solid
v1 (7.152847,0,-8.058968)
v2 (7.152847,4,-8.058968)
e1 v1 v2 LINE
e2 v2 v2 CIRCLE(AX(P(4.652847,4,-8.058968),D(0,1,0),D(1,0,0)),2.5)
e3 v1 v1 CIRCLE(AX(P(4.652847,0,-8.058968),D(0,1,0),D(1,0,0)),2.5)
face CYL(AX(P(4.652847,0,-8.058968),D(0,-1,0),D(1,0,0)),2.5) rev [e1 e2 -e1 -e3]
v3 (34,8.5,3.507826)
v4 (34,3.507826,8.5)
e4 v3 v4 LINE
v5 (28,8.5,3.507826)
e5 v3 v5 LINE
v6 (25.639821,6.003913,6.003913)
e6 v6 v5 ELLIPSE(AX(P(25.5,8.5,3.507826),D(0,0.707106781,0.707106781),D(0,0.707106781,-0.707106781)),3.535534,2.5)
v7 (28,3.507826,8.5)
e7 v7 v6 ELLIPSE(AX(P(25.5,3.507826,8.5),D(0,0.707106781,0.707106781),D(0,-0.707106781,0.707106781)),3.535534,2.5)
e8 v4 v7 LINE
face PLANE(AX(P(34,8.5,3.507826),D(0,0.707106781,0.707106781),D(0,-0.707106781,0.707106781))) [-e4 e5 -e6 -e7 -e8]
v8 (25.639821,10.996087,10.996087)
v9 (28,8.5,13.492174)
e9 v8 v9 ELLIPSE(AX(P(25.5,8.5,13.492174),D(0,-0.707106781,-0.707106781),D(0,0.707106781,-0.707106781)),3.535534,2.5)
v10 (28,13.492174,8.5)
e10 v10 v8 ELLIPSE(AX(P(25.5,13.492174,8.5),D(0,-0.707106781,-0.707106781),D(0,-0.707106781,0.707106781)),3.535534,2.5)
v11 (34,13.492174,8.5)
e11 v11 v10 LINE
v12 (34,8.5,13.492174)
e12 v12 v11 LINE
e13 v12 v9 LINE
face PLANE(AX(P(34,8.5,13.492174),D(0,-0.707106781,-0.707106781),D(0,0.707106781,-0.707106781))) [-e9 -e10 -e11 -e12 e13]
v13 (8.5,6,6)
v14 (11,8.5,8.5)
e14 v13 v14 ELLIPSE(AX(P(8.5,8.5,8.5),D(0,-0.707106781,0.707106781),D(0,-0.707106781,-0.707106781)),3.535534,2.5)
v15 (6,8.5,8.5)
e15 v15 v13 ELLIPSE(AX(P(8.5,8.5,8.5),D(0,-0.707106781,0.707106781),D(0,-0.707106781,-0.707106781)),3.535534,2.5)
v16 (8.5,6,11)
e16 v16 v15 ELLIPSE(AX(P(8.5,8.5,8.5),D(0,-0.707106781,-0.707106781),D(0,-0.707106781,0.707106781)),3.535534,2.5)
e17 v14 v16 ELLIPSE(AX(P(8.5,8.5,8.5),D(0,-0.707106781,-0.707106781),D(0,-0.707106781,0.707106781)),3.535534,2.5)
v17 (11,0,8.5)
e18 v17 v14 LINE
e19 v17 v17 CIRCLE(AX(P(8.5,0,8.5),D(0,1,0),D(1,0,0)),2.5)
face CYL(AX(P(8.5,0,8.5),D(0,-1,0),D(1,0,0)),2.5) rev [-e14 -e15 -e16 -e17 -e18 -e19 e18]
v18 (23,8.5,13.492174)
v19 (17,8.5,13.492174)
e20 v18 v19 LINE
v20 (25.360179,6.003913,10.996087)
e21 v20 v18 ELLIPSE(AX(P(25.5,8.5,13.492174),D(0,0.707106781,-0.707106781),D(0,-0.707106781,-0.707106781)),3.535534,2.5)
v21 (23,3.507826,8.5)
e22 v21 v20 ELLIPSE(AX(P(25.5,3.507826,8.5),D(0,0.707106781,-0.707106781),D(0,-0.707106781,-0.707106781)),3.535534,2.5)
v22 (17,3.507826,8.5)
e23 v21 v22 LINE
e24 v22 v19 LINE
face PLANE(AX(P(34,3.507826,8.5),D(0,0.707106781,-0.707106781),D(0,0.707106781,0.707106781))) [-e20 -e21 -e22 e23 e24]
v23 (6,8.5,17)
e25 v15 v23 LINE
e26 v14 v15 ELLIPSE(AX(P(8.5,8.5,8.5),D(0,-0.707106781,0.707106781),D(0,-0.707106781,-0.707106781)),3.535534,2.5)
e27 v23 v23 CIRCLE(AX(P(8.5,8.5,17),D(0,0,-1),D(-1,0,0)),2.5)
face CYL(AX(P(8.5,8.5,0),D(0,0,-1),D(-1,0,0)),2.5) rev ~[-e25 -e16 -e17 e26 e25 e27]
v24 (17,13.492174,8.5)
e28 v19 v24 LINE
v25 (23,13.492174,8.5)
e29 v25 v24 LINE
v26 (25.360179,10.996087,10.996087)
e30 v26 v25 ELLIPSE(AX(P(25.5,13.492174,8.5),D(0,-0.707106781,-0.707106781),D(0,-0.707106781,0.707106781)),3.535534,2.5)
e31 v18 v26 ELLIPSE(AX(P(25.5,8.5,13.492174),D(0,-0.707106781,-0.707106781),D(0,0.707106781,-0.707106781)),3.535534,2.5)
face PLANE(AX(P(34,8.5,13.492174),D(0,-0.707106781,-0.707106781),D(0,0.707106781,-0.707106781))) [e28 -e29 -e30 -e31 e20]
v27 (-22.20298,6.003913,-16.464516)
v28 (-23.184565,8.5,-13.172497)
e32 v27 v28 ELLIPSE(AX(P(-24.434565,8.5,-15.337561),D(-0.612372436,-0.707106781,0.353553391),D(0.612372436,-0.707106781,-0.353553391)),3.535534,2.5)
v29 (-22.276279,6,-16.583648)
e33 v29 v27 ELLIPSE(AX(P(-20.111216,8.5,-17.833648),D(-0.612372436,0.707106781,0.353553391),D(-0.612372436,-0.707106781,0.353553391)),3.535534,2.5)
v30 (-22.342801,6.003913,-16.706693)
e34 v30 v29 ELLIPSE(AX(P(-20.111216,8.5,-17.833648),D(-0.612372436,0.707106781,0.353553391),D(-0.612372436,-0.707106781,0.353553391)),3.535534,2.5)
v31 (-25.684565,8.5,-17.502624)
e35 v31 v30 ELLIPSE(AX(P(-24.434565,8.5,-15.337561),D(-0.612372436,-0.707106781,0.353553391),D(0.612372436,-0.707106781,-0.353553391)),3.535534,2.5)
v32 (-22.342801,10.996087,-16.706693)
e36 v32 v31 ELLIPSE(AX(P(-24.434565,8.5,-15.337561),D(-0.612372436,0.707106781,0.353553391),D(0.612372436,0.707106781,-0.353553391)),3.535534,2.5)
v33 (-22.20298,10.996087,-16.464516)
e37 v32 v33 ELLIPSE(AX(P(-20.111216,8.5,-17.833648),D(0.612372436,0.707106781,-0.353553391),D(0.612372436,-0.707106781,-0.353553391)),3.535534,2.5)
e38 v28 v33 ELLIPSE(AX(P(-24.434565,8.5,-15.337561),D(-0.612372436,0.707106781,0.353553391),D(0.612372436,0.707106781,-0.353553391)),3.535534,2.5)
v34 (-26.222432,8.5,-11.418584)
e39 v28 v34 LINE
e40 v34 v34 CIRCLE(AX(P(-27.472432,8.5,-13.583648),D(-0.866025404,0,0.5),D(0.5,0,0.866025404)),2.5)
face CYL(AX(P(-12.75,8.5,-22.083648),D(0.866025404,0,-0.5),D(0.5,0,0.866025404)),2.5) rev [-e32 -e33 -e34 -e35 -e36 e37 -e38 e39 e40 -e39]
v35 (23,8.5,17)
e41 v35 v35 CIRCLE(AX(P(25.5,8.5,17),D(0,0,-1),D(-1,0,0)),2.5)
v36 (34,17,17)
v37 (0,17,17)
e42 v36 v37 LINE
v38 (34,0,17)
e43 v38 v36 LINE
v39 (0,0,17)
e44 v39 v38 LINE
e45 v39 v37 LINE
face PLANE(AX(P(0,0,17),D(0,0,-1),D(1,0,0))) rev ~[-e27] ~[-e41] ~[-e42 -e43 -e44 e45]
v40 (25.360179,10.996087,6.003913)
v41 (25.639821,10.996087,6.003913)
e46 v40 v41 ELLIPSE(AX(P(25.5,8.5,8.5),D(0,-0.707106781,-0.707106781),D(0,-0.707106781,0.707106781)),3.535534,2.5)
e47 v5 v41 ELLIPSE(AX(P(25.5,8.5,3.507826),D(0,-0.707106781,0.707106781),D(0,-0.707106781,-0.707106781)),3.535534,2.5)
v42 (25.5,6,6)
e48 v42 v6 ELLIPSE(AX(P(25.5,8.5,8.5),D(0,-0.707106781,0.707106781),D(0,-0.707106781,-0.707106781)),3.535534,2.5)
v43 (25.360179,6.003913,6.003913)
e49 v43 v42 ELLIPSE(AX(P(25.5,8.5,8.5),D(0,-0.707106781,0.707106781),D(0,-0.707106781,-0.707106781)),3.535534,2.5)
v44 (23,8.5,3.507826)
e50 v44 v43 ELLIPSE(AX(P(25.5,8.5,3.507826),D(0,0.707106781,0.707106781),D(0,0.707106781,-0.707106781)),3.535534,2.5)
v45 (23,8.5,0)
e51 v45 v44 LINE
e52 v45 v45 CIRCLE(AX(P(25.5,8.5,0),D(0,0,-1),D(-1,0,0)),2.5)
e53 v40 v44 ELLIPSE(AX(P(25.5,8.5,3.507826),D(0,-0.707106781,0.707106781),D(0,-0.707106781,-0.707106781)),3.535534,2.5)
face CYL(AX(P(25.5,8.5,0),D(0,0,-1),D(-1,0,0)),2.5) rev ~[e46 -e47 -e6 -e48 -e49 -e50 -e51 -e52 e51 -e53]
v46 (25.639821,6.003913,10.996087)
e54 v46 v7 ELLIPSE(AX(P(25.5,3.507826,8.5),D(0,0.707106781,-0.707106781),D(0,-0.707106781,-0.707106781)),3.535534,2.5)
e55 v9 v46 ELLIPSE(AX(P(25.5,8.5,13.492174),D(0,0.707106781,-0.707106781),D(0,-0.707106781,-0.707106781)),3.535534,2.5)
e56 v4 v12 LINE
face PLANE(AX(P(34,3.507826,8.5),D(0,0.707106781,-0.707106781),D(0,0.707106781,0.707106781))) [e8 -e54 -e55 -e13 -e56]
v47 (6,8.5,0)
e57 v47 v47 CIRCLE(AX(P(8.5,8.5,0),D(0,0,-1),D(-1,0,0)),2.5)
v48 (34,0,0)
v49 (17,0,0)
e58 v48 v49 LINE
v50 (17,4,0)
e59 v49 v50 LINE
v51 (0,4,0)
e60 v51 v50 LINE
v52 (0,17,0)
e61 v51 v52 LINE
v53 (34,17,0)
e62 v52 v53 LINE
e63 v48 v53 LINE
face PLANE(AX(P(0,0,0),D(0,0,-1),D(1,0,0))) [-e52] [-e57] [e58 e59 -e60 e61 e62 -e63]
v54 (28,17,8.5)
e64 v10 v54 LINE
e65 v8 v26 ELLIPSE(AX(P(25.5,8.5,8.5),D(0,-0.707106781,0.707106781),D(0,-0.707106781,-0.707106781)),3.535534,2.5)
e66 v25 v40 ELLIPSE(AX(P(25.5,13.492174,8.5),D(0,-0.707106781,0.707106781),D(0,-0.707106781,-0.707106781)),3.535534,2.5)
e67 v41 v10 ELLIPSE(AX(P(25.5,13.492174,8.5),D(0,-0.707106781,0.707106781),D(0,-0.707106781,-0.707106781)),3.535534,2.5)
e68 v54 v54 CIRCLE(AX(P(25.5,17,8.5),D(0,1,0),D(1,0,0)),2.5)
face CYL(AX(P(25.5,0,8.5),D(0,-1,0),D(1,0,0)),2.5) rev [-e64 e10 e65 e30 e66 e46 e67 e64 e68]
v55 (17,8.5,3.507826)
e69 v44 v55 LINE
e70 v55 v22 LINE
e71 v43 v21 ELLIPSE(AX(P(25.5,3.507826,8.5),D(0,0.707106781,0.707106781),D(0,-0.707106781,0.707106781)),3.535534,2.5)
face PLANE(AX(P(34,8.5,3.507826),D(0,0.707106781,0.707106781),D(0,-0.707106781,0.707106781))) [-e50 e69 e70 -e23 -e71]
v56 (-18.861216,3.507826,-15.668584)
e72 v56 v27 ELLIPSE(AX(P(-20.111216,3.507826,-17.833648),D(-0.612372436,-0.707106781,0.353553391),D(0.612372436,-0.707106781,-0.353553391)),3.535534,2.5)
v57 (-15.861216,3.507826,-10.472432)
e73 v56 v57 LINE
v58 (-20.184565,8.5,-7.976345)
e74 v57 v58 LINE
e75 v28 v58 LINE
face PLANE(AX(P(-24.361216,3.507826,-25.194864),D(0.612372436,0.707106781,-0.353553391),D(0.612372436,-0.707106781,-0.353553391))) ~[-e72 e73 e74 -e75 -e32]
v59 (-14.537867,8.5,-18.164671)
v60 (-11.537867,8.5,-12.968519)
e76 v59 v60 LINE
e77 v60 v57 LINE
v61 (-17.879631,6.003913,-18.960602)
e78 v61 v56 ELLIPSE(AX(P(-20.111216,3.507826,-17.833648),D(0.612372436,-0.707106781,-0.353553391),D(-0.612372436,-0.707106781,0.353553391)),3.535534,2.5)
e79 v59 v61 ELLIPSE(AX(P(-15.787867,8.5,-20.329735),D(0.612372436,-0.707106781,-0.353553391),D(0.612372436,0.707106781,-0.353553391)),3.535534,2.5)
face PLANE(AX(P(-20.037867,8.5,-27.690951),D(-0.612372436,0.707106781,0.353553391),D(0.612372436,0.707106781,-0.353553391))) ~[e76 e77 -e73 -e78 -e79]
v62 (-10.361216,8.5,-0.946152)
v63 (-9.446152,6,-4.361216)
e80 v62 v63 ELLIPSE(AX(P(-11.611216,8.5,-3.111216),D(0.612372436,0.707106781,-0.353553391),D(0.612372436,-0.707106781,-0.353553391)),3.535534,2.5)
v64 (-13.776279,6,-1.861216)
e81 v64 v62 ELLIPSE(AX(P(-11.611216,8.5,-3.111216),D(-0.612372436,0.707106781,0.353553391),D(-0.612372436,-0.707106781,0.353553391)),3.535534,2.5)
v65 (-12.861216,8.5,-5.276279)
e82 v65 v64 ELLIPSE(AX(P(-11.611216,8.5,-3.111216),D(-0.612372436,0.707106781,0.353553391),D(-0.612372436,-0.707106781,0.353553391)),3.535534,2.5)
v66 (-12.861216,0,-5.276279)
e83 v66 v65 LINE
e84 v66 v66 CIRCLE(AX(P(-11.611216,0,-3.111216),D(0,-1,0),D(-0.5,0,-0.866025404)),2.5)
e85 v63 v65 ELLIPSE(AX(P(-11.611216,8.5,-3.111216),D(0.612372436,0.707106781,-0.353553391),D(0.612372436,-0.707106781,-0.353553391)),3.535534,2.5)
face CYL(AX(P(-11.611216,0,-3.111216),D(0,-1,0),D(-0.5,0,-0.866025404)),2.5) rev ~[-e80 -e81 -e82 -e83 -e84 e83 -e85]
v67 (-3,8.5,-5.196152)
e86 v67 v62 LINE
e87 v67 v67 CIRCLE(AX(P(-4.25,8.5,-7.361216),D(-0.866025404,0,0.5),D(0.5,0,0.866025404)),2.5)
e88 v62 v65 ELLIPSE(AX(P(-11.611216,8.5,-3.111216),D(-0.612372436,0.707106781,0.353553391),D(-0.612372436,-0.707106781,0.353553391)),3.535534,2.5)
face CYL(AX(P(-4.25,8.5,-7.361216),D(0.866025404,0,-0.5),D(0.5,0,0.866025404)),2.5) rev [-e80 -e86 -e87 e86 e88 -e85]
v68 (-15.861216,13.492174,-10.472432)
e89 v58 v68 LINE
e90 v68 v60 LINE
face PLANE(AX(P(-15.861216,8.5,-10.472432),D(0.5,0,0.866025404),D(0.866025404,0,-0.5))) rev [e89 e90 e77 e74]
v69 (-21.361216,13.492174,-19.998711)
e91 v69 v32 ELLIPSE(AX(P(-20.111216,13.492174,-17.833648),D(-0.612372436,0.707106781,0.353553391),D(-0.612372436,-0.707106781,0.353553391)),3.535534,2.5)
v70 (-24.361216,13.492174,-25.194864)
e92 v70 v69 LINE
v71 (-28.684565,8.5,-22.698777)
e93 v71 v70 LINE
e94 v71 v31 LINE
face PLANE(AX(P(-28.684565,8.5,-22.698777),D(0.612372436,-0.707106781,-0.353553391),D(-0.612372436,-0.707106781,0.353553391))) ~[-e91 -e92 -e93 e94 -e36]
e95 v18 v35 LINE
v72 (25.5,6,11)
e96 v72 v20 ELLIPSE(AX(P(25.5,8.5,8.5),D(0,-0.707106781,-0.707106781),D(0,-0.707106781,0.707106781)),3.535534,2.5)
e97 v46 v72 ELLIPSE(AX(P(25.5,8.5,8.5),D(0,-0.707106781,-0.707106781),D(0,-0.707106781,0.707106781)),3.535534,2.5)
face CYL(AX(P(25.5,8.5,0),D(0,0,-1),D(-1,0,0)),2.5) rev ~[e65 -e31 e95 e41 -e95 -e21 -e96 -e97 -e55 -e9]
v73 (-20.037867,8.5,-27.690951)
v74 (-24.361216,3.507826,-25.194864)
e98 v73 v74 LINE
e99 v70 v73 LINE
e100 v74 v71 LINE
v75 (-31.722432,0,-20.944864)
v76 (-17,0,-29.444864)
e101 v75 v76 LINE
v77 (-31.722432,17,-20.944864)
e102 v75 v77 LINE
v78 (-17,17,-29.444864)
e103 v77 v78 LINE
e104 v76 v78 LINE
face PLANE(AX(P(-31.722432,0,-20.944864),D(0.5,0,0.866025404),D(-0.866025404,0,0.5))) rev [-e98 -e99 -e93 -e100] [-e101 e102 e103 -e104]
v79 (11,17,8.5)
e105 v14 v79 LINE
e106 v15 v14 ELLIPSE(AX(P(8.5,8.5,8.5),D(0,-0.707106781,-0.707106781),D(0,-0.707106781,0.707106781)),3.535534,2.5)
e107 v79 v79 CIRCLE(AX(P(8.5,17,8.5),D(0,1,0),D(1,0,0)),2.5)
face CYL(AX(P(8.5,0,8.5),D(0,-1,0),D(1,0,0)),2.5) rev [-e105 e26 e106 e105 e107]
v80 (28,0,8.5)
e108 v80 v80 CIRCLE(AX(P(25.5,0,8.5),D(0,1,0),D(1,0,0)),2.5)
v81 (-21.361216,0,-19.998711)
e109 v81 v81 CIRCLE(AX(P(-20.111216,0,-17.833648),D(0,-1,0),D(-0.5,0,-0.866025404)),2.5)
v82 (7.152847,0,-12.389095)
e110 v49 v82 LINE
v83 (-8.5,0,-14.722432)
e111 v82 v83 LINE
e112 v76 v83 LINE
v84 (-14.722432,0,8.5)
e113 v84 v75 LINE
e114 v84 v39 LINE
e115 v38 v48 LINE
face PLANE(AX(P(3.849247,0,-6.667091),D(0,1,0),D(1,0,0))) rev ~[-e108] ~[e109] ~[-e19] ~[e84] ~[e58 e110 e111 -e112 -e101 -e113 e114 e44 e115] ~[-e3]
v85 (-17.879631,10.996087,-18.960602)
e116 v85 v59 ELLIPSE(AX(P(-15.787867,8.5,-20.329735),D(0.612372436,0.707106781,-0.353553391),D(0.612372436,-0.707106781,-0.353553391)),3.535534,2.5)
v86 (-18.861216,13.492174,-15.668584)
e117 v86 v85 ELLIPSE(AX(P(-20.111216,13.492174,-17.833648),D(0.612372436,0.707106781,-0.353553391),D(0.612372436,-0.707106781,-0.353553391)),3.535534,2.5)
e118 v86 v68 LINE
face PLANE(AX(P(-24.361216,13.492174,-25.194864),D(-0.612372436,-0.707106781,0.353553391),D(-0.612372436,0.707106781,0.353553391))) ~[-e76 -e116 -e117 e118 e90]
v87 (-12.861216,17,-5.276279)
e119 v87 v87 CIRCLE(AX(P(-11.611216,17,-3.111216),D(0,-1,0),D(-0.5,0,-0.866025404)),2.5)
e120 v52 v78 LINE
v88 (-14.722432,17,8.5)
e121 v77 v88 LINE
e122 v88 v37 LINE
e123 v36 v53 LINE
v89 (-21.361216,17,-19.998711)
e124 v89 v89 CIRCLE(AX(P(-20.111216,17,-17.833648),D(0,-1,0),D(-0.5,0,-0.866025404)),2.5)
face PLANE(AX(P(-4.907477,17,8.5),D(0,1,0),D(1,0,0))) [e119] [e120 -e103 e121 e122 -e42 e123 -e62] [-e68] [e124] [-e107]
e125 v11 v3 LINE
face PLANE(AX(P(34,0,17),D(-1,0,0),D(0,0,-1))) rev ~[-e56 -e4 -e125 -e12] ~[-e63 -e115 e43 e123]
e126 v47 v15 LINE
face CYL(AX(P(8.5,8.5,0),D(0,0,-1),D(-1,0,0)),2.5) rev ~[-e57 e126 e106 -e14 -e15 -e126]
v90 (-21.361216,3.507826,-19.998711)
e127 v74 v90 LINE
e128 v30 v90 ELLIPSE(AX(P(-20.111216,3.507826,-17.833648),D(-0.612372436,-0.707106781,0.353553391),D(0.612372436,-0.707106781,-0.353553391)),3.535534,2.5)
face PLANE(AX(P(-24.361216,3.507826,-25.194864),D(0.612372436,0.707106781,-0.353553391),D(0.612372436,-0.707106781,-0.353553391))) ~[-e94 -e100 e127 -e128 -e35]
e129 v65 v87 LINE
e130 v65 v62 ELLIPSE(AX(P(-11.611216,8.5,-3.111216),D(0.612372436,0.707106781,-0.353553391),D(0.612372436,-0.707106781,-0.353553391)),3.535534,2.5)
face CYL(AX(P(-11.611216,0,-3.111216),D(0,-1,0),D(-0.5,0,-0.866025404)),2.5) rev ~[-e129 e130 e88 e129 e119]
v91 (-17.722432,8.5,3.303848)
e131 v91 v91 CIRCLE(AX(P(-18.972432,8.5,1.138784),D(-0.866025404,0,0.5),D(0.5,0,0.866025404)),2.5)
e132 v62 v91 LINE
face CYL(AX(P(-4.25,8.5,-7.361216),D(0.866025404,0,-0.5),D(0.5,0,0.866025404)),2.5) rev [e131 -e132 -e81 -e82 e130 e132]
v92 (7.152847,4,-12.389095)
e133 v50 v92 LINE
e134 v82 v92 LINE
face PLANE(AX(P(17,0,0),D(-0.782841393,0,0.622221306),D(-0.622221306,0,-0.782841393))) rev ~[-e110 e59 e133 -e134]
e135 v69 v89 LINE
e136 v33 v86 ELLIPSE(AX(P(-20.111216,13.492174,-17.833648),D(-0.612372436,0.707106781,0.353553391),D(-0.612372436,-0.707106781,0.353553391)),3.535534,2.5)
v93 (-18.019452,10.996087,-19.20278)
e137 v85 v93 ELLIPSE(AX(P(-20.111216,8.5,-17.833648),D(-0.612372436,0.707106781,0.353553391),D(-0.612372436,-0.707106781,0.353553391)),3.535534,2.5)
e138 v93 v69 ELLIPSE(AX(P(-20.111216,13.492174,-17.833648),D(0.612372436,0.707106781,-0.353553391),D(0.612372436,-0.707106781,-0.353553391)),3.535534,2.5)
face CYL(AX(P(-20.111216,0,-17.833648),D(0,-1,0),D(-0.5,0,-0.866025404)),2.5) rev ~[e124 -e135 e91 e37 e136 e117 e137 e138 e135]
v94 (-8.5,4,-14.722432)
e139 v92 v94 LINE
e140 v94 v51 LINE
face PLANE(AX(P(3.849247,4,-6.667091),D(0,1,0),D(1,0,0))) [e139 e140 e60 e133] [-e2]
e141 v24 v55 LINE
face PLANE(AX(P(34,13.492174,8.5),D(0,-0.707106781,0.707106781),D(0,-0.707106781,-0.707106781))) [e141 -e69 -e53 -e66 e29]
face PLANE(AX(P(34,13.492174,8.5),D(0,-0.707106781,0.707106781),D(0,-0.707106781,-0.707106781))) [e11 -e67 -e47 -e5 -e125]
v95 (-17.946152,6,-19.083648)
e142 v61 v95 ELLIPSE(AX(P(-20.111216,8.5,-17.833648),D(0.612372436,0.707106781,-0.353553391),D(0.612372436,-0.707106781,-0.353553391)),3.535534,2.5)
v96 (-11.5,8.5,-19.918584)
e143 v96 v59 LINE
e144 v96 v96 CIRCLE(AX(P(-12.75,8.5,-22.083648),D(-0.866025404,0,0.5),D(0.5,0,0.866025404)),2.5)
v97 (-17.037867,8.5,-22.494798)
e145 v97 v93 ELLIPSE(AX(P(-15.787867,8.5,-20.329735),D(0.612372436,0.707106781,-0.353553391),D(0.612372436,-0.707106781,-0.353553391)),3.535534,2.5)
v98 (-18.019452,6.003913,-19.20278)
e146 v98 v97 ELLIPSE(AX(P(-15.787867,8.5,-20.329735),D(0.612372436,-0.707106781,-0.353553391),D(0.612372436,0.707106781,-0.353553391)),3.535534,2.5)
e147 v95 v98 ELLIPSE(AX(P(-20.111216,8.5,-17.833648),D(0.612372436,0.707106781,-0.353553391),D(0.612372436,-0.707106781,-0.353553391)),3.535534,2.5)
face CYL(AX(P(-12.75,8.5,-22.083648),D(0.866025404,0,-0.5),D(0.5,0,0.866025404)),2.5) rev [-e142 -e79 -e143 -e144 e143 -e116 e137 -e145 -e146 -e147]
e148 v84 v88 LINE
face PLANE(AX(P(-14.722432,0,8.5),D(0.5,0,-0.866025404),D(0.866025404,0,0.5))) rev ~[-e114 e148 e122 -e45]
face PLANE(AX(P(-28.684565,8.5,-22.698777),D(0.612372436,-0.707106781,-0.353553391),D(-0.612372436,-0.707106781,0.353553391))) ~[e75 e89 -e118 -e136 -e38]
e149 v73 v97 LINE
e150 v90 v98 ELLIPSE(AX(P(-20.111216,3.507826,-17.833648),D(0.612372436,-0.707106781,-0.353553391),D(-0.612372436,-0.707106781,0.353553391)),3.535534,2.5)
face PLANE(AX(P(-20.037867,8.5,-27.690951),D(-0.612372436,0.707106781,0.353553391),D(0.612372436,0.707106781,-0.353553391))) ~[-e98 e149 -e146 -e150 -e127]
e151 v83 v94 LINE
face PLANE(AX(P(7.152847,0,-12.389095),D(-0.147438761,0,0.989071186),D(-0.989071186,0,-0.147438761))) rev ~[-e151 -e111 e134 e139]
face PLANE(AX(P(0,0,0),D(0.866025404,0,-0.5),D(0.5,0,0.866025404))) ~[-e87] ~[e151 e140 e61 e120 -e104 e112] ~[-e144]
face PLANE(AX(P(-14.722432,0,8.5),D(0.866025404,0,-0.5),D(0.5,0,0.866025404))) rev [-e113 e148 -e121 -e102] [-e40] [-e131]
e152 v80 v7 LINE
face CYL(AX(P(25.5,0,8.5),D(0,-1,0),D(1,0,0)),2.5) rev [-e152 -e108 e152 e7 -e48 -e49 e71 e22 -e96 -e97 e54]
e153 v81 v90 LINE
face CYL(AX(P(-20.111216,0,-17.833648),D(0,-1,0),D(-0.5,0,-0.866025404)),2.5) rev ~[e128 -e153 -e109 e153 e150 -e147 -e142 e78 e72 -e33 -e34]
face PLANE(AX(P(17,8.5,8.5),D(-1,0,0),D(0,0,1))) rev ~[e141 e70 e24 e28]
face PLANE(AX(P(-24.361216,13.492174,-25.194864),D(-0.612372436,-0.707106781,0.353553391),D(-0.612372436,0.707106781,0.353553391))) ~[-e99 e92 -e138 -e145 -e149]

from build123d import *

# Parameters (mm, degrees)
SKETCH1_W           = 34
SKETCH1_H           = 17
SKETCH1_R           = 2.5
BOSS_EXTRUDE1_DEPTH = 17
SKETCH6_OUTSIDE_W   = 44.328
SKETCH6_OUTSIDE_H   = 27.328
SKETCH6_OUTSIDE_W_2 = 34
SKETCH6_OUTSIDE_H_2 = 17
SKETCH6_OUTSIDE_R   = 2.5
CUT_EXTRUDE10_DEPTH = 18
SKETCH7_OUTSIDE_W   = 27.328
SKETCH7_OUTSIDE_H   = 27.328
SKETCH7_OUTSIDE_W_2 = 17
SKETCH7_OUTSIDE_H_2 = 17
CUT_EXTRUDE11_DEPTH = 17
BOSS_EXTRUDE2_DEPTH = 17
SKETCH13_R          = 2.5
BOSS_EXTRUDE3_DEPTH = 4


with BuildPart() as part:
    # sketch1 → Boss-Extrude1 (new body)
    with BuildSketch(Plane(origin=(0, 0, 0), x_dir=(1, 0, 0), z_dir=(0, 1, 0))):
        with Locations((17, -8.5)):
            Rectangle(SKETCH1_W, SKETCH1_H)
        with Locations((8.5, -8.5)):
            Circle(SKETCH1_R, mode=Mode.SUBTRACT)
        with Locations((25.5, -8.5)):
            Circle(SKETCH1_R, mode=Mode.SUBTRACT)
    extrude(amount=BOSS_EXTRUDE1_DEPTH)

    # Sketch6 outside → Cut-Extrude10 (cut, through all)
    with BuildSketch(Plane(origin=(0, 0, 0), x_dir=(-1, 0, 0), z_dir=(0, 0, -1))):
        with Locations((-17, 8.5)):
            Rectangle(SKETCH6_OUTSIDE_W, SKETCH6_OUTSIDE_H)
        with Locations((-17, 8.5)):
            Rectangle(SKETCH6_OUTSIDE_W_2, SKETCH6_OUTSIDE_H_2, mode=Mode.SUBTRACT)
        with Locations((-25.5, 8.5)):
            Circle(SKETCH6_OUTSIDE_R)
        with Locations((-8.5, 8.5)):
            Circle(SKETCH6_OUTSIDE_R)
    extrude(amount=-CUT_EXTRUDE10_DEPTH, mode=Mode.SUBTRACT)

    # Sketch7 outside → Cut-Extrude11 (cut)
    with BuildSketch(Plane(origin=(34, 0, 0), x_dir=(0, 0, -1), z_dir=(1, 0, 0))):
        with Locations((-8.5, 8.5)):
            Rectangle(SKETCH7_OUTSIDE_W, SKETCH7_OUTSIDE_H)
        with Locations((-8.5, 8.5)):
            Rectangle(SKETCH7_OUTSIDE_W_2, SKETCH7_OUTSIDE_H_2, mode=Mode.SUBTRACT)
        Polygon((-8.5, 13.492173875), (-3.507826125, 8.5), (-8.5, 3.507826125), (-13.492173875, 8.5), align=None)
    extrude(amount=-CUT_EXTRUDE11_DEPTH, mode=Mode.SUBTRACT)


with BuildPart() as body_2:
    # Mirror6: mirrored copy
    add(part.part.mirror(Plane(origin=(0, 0, 0), x_dir=(-0.5, 0, 0.866025404), z_dir=(-0.866025404, 0, -0.5))))


with BuildPart() as part_1:
    add(part.part)

    add(body_2.part)  # Boss-Extrude2 merges body 2
    # Sketch11 → Boss-Extrude2 (add)
    with BuildSketch(Plane(origin=(0, 0, 0), x_dir=(1, 0, 0), z_dir=(0, 1, 0))):
        Polygon((-14.722431864, -8.5), (0, -17), (0, 0), align=None)
    extrude(amount=BOSS_EXTRUDE2_DEPTH)

    # Sketch13 → Boss-Extrude3 (add)
    with BuildSketch(Plane(origin=(0, 0, 0), x_dir=(1, 0, 0), z_dir=(0, 1, 0))):
        Polygon((7.152847248, 12.389094852), (-8.5, 14.722431864), (0, 0), (17, 0), align=None)
        with Locations((4.652847248, 8.058967833)):
            Circle(SKETCH13_R, mode=Mode.SUBTRACT)
    extrude(amount=BOSS_EXTRUDE3_DEPTH)


solid = part_1.part
